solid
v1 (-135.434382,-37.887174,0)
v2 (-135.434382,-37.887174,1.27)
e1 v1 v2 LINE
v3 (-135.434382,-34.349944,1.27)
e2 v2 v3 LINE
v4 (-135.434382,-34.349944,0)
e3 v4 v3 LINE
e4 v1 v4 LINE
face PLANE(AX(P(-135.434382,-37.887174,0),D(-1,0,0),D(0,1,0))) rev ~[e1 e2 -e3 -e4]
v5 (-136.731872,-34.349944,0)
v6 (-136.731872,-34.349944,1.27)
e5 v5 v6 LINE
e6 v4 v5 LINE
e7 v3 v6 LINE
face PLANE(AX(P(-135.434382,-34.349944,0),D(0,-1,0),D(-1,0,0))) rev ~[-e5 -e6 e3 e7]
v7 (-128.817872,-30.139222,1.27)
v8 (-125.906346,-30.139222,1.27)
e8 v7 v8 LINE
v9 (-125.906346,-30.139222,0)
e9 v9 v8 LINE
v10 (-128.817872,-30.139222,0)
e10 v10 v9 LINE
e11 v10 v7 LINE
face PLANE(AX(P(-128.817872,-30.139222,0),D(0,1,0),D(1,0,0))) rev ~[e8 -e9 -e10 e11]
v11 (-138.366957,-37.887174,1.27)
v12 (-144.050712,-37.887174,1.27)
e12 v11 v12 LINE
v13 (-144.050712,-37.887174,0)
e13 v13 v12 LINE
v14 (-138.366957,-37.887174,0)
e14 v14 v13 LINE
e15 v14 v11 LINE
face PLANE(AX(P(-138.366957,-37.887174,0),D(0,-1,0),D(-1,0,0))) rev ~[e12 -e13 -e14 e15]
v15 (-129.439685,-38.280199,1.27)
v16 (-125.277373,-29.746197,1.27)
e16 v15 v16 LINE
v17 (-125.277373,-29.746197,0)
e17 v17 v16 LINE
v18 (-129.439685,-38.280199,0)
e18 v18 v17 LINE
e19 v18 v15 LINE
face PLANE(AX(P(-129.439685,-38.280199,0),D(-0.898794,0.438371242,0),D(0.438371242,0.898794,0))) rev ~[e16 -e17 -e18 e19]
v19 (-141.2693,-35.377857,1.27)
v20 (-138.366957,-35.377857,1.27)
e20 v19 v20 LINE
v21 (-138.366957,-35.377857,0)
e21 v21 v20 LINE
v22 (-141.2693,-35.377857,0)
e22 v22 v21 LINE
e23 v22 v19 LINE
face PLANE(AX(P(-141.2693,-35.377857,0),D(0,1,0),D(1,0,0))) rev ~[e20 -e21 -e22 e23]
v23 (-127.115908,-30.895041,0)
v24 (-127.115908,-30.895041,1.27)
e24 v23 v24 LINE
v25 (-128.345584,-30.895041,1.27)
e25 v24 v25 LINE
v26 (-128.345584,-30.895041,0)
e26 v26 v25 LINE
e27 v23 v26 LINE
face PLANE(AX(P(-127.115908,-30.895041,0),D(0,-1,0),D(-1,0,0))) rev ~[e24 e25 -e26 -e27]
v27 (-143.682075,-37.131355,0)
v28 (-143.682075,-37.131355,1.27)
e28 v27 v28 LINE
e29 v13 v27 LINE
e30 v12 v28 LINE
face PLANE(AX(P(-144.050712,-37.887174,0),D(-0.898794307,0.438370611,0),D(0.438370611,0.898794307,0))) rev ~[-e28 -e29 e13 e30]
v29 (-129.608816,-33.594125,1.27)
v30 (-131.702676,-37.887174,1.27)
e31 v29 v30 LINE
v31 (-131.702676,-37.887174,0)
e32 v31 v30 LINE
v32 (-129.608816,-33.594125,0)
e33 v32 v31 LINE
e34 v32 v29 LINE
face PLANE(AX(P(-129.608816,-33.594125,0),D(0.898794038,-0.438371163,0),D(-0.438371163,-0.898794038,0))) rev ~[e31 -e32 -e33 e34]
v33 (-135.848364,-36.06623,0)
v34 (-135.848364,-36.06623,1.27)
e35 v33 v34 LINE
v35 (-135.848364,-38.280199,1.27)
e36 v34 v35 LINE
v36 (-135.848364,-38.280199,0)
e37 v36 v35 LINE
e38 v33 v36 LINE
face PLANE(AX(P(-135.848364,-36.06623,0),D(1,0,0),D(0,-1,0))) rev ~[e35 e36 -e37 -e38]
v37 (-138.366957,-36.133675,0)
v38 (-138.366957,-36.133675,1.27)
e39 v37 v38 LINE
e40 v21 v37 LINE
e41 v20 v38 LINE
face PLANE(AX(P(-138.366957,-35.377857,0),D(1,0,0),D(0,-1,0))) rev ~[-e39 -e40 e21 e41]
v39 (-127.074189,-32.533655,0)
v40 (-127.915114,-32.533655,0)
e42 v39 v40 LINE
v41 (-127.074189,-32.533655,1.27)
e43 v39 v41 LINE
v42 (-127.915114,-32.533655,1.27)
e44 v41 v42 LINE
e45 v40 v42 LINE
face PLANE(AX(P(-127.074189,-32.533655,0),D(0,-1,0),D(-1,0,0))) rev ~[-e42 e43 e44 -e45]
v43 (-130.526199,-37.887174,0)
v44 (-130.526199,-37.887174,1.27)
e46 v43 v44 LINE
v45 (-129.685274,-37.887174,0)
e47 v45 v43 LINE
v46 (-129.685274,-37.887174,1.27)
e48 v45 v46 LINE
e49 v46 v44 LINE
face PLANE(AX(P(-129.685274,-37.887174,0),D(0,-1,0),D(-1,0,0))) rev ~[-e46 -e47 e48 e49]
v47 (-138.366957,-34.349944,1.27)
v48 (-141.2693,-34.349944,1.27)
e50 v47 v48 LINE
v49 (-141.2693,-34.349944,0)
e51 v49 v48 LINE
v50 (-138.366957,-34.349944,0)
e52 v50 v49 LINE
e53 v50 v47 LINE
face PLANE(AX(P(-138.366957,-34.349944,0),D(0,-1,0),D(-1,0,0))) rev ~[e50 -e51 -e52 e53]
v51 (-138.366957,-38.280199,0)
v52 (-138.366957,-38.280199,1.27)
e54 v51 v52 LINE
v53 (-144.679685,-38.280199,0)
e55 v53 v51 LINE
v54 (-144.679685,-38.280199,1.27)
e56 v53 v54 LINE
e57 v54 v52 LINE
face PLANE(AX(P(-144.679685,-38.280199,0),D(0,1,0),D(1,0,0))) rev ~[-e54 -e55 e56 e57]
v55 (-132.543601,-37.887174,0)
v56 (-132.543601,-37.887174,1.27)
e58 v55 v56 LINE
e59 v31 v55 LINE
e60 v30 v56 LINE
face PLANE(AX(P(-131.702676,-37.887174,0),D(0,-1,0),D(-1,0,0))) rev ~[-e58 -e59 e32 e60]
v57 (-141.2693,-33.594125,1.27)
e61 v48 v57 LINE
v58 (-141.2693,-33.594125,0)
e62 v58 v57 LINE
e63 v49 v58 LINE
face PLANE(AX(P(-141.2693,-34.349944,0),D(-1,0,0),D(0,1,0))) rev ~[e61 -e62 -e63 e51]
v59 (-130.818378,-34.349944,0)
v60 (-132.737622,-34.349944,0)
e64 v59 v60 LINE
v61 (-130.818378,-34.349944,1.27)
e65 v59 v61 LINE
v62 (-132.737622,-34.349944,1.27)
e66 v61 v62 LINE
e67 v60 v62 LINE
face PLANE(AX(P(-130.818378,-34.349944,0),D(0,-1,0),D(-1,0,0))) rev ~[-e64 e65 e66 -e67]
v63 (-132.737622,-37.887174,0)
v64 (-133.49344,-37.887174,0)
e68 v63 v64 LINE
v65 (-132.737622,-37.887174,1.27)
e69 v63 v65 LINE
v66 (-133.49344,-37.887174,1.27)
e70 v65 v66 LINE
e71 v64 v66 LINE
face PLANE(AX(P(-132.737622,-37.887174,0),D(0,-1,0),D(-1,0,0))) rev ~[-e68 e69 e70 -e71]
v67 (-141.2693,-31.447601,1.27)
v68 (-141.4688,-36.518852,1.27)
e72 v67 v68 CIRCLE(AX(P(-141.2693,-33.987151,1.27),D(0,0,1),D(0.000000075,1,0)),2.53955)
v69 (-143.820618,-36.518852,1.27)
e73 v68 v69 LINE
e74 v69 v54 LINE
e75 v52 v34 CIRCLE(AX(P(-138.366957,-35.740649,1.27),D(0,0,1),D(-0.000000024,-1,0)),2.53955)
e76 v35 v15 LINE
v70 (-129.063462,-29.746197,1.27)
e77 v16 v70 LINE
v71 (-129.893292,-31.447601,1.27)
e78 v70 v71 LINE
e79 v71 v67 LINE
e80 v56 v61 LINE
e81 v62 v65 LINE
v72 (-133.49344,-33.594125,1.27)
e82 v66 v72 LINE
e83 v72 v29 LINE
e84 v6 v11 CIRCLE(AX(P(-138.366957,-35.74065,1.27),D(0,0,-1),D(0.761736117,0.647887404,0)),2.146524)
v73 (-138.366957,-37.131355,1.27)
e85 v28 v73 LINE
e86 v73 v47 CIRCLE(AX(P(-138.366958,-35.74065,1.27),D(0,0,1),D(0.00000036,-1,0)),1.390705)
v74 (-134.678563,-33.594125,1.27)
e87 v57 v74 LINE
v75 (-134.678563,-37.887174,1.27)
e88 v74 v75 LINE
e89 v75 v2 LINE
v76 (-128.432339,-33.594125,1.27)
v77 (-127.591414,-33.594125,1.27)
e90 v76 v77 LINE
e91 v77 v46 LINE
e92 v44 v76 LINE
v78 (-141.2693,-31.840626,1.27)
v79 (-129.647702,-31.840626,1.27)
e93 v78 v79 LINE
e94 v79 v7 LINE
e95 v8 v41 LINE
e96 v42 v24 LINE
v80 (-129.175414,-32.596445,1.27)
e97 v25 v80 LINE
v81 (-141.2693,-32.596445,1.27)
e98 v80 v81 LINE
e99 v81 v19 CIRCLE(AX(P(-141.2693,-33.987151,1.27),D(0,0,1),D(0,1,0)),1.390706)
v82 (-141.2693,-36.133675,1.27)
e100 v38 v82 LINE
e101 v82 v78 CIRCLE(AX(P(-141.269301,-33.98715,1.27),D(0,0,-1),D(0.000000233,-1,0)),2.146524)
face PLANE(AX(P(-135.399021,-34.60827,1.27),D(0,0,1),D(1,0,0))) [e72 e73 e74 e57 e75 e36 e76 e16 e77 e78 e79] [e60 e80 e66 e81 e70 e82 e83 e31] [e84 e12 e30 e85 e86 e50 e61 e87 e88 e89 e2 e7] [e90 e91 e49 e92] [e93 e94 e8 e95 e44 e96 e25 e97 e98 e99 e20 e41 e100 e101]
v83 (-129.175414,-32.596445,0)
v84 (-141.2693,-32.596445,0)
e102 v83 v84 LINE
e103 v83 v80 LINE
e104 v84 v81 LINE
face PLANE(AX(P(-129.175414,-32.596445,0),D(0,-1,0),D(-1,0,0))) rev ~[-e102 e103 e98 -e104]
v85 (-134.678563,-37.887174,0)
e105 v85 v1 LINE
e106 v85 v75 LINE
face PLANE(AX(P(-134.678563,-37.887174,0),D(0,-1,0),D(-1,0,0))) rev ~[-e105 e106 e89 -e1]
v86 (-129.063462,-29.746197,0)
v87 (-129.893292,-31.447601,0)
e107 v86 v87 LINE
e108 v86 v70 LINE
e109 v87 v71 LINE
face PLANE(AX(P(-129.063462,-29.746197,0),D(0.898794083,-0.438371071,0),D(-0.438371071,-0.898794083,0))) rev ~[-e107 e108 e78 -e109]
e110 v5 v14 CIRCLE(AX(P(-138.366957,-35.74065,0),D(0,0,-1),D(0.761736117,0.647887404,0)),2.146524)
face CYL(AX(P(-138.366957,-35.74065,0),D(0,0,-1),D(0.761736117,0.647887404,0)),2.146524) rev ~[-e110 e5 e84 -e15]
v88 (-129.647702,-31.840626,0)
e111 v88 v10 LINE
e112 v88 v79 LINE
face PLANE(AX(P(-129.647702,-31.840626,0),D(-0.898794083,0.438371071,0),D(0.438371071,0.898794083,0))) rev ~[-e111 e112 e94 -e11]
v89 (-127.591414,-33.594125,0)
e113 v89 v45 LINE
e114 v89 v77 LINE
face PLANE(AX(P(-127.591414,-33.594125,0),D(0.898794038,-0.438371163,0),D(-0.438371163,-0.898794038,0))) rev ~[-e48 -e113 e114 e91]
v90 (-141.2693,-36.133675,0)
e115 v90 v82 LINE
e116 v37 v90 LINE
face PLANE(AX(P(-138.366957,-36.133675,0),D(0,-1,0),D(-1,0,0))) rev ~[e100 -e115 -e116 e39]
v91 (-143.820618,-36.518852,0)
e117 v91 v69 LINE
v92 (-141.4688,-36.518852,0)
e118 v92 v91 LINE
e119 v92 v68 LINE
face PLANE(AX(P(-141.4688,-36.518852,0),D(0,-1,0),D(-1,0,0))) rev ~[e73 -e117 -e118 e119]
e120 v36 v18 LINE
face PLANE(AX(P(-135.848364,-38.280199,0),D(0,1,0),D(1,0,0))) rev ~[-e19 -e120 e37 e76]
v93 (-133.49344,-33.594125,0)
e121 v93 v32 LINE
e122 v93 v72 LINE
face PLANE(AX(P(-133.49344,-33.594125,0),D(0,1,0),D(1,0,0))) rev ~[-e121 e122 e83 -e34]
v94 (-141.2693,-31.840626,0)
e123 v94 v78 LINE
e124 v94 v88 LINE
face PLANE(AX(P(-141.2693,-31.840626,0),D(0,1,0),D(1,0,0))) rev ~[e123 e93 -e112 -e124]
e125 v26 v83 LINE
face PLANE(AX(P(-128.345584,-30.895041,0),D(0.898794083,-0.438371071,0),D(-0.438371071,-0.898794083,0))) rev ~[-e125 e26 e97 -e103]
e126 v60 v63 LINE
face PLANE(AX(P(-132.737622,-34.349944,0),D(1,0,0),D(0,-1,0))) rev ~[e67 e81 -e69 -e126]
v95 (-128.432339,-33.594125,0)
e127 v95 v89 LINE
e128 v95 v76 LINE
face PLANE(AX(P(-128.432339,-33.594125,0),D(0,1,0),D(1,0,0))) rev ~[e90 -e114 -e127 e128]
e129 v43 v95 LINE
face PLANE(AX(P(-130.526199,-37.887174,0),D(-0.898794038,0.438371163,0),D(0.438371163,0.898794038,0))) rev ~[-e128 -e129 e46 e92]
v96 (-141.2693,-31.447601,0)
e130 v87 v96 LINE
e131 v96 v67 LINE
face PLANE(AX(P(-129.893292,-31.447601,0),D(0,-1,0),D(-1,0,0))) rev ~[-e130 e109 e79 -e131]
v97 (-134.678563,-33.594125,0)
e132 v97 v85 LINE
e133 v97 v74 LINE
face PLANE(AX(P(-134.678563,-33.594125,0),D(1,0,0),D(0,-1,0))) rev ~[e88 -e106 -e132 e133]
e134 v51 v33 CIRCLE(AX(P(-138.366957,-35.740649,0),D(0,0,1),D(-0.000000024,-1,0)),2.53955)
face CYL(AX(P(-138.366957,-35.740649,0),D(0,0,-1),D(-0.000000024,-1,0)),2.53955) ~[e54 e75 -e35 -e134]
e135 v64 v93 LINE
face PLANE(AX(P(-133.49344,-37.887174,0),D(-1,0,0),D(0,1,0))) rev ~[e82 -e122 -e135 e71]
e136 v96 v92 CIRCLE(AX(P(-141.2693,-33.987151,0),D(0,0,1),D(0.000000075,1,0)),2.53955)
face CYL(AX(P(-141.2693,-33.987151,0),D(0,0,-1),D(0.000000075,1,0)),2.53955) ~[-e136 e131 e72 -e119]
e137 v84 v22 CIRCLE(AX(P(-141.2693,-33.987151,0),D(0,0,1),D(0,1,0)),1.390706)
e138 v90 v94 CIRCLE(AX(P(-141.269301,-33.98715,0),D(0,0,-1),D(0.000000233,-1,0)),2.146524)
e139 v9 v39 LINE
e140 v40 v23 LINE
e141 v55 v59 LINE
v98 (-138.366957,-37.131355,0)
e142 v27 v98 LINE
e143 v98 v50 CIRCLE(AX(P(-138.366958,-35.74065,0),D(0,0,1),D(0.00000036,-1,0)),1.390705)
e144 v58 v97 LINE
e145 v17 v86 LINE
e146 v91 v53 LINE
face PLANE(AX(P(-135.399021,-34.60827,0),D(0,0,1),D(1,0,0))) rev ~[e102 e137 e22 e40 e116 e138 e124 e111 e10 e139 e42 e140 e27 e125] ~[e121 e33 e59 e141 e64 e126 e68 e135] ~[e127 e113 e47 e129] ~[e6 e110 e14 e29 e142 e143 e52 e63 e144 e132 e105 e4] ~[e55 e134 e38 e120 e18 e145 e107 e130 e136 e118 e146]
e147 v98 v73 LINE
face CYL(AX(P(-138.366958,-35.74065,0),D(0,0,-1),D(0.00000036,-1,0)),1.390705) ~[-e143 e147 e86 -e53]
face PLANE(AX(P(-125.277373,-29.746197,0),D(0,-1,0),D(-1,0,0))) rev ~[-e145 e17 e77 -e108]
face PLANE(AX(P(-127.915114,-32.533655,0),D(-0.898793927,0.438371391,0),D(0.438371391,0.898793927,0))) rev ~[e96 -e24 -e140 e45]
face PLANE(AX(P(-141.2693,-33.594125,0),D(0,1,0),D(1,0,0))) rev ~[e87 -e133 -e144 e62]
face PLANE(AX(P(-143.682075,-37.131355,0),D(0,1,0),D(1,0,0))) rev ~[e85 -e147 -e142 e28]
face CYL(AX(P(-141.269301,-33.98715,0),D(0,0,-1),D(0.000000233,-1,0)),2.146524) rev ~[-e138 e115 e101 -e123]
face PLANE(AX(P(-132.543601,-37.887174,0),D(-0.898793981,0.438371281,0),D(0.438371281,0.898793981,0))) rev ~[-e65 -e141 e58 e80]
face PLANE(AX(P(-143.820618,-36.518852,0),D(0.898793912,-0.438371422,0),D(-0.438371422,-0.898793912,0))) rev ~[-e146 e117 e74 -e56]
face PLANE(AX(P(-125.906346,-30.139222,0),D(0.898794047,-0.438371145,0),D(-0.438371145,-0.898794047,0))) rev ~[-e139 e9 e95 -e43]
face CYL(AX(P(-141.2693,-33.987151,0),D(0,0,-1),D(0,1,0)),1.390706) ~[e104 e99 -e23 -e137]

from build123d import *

# Parameters (mm, degrees)
F1_DEPTH = 1.27


with BuildPart() as f1:
    # F0 (on Top) → F1 (new body)
    with BuildSketch(Plane.XY):
        with BuildLine():
            Line((-143.820618, -36.518852), (-144.679685, -38.280199))
            Line((-144.679685, -38.280199), (-138.366957, -38.280199))
            ThreePointArc((-138.366957, -38.280199), (-136.690281, -37.648022), (-135.848364, -36.06623))
            Line((-135.848364, -36.06623), (-135.848364, -38.280199))
            Line((-135.848364, -38.280199), (-129.439685, -38.280199))
            Line((-129.439685, -38.280199), (-125.277373, -29.746197))
            Line((-125.277373, -29.746197), (-129.063462, -29.746197))
            Line((-129.063462, -29.746197), (-129.893292, -31.447601))
            Line((-129.893292, -31.447601), (-141.2693, -31.447601))
            ThreePointArc((-141.2693, -31.447601), (-143.806887, -33.887324), (-141.4688, -36.518852))
            Line((-141.4688, -36.518852), (-143.820618, -36.518852))
        make_face()
        with BuildLine():
            Line((-138.366957, -37.887174), (-144.050712, -37.887174))
            Line((-144.050712, -37.887174), (-143.682075, -37.131355))
            Line((-143.682075, -37.131355), (-138.366957, -37.131355))
            ThreePointArc((-138.366957, -37.131355), (-136.976252, -35.740649), (-138.366957, -34.349944))
            Line((-138.366957, -34.349944), (-141.2693, -34.349944))
            Line((-141.2693, -34.349944), (-141.2693, -33.594125))
            Line((-141.2693, -33.594125), (-134.678563, -33.594125))
            Line((-134.678563, -33.594125), (-134.678563, -37.887174))
            Line((-134.678563, -37.887174), (-135.434382, -37.887174))
            Line((-135.434382, -37.887174), (-135.434382, -34.349944))
            Line((-135.434382, -34.349944), (-136.731872, -34.349944))
            ThreePointArc((-136.731872, -34.349944), (-136.418528, -36.641311), (-138.366957, -37.887174))
        make_face(mode=Mode.SUBTRACT)
        Polygon((-132.737622, -37.887174), (-133.49344, -37.887174), (-133.49344, -33.594125), (-129.608816, -33.594125), (-131.702676, -37.887174), (-132.543601, -37.887174), (-130.818378, -34.349944), (-132.737622, -34.349944), align=None, mode=Mode.SUBTRACT)
        Polygon((-129.685274, -37.887174), (-130.526199, -37.887174), (-128.432339, -33.594125), (-127.591414, -33.594125), align=None, mode=Mode.SUBTRACT)
        with BuildLine():
            Line((-138.366957, -35.377857), (-138.366957, -36.133675))
            Line((-138.366957, -36.133675), (-141.2693, -36.133675))
            ThreePointArc((-141.2693, -36.133675), (-143.415825, -33.987151), (-141.2693, -31.840626))
            Line((-141.2693, -31.840626), (-129.647702, -31.840626))
            Line((-129.647702, -31.840626), (-128.817872, -30.139222))
            Line((-128.817872, -30.139222), (-125.906346, -30.139222))
            Line((-125.906346, -30.139222), (-127.074189, -32.533655))
            Line((-127.074189, -32.533655), (-127.915114, -32.533655))
            Line((-127.915114, -32.533655), (-127.115908, -30.895041))
            Line((-127.115908, -30.895041), (-128.345584, -30.895041))
            Line((-128.345584, -30.895041), (-129.175414, -32.596445))
            Line((-129.175414, -32.596445), (-141.2693, -32.596445))
            ThreePointArc((-141.2693, -32.596445), (-142.660006, -33.987151), (-141.2693, -35.377857))
            Line((-141.2693, -35.377857), (-138.366957, -35.377857))
        make_face(mode=Mode.SUBTRACT)
    extrude(amount=F1_DEPTH)


solid = f1.part
